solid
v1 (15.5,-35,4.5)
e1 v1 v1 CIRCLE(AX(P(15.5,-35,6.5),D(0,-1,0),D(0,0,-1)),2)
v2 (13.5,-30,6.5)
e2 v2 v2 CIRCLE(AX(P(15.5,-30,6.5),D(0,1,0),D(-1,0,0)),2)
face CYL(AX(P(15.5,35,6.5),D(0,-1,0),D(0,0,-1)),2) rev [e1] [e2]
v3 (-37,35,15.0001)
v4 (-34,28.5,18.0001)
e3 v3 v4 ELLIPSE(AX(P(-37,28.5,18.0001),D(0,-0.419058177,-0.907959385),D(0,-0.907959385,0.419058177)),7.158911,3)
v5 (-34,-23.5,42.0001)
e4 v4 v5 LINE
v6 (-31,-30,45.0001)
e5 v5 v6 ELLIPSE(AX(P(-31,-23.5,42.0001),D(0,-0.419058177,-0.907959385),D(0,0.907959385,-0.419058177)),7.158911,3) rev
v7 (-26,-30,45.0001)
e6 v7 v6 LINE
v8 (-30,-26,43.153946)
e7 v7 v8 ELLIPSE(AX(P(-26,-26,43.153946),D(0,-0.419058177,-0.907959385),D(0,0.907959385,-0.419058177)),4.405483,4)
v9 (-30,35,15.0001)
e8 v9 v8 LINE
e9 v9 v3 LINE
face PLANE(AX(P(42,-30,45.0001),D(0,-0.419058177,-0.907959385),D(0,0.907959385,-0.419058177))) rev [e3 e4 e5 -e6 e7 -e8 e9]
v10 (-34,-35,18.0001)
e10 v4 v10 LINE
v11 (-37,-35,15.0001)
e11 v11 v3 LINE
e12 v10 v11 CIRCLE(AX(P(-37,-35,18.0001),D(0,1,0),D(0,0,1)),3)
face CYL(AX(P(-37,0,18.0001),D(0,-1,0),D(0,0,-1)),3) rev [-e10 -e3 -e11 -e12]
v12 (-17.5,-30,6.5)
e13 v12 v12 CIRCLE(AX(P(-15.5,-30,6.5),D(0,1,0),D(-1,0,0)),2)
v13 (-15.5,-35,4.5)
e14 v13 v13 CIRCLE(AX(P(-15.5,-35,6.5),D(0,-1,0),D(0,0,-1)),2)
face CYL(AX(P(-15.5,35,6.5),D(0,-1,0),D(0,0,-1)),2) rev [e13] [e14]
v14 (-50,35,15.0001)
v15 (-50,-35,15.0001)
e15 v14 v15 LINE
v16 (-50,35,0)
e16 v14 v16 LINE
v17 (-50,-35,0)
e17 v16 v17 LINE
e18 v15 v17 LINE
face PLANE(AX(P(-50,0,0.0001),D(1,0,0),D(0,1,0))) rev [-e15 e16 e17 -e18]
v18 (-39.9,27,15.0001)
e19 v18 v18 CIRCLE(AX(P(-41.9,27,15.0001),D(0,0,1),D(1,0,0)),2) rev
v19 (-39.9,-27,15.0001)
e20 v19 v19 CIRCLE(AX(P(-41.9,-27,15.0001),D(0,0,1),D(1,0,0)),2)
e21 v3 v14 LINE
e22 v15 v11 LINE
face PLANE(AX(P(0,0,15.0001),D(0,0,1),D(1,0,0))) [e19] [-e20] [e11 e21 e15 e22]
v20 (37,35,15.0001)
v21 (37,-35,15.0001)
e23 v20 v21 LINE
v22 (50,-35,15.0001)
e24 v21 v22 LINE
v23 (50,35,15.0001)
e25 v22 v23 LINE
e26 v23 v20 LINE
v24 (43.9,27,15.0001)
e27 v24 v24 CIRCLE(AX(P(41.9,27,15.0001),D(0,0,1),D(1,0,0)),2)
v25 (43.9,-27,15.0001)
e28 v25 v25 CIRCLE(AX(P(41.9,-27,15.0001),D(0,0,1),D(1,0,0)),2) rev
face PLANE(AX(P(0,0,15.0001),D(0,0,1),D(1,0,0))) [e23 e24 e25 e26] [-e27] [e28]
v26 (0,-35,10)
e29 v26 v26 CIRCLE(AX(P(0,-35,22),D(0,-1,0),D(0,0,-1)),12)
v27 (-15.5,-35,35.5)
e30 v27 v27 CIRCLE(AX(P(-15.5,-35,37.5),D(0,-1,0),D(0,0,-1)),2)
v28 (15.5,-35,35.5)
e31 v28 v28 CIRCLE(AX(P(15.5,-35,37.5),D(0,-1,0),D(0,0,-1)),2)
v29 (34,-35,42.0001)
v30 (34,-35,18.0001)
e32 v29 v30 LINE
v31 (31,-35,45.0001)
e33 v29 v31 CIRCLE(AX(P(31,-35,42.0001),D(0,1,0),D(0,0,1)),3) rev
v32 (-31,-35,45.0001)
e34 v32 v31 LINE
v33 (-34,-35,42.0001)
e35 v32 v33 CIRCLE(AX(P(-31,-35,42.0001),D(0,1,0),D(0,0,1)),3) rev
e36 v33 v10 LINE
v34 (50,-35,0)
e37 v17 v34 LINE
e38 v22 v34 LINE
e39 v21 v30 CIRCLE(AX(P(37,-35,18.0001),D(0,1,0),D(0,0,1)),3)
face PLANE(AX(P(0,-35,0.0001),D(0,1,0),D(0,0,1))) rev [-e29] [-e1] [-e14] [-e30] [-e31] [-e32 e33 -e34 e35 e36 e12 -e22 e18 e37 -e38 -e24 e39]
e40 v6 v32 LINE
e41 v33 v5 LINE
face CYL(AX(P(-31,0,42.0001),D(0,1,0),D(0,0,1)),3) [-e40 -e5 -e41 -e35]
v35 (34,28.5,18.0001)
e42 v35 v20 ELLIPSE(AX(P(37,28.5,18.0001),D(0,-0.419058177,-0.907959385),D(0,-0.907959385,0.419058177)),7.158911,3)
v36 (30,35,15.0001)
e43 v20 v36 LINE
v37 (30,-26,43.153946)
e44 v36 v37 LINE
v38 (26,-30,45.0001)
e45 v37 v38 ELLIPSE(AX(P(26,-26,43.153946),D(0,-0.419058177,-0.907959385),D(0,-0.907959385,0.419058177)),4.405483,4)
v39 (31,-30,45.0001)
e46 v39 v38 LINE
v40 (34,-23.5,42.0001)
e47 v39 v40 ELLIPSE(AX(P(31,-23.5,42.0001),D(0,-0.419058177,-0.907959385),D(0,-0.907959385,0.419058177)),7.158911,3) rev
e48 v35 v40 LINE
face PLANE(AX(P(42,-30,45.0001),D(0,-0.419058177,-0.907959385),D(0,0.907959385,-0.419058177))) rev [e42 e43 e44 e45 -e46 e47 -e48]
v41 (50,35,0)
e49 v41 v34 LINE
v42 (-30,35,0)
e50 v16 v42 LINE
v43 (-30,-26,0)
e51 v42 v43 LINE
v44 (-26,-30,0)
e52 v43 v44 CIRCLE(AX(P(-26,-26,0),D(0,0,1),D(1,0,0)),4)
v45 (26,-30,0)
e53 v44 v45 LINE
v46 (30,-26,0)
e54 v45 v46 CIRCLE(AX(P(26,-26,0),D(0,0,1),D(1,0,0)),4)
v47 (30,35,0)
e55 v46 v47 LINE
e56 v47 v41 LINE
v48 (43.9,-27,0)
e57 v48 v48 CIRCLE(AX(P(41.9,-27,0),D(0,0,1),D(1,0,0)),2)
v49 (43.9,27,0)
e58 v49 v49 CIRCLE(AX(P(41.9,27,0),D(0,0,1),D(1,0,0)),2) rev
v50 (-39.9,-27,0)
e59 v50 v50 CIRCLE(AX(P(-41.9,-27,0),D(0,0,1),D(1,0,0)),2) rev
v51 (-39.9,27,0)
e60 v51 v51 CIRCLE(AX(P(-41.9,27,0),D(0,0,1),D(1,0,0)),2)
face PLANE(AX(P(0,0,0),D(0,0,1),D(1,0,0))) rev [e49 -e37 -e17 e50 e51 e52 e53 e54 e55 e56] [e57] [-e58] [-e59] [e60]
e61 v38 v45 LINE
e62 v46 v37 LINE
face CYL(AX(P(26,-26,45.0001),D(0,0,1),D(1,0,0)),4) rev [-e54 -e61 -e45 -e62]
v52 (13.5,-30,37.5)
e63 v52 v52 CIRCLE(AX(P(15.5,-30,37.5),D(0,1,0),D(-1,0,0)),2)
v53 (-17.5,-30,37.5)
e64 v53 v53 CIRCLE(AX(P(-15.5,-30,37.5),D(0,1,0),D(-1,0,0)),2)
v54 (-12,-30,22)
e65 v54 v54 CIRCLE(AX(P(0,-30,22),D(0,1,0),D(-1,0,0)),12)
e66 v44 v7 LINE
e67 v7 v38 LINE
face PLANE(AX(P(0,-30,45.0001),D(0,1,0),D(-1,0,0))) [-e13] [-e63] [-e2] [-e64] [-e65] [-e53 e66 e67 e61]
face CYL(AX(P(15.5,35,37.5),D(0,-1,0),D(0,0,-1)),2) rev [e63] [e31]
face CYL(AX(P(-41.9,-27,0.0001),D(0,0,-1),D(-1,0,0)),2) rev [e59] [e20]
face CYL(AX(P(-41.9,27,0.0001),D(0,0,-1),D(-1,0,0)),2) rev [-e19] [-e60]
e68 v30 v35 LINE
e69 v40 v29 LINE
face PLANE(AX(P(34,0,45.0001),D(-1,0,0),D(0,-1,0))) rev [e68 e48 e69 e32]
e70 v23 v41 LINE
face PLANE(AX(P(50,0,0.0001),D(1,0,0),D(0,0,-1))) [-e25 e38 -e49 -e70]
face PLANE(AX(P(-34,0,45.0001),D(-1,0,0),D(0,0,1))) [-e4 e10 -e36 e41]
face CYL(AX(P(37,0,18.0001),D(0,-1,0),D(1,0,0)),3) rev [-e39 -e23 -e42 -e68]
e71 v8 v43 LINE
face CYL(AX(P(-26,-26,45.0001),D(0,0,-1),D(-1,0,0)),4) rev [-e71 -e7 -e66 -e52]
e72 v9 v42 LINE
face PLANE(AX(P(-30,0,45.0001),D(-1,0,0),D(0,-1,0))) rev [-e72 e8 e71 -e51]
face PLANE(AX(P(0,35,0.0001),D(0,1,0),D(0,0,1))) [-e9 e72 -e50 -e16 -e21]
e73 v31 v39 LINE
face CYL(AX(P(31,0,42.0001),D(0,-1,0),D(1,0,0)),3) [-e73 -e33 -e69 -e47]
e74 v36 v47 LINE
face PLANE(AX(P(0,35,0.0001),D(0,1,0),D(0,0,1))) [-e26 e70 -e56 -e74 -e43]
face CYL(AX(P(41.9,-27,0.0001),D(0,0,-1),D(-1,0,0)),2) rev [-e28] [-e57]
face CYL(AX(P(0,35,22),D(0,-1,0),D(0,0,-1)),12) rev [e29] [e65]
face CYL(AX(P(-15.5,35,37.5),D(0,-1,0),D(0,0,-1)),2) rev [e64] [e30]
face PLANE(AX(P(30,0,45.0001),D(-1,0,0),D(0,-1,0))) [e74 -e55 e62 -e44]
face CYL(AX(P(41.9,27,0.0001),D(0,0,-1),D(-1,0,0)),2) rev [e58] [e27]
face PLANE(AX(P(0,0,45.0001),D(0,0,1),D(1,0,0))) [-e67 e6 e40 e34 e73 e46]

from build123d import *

# Parameters (mm, degrees)
SKETCH_5_W          = 100
SKETCH_5_H          = 70
SKETCH_5_R          = 2
EXTRUDE_10_DEPTH    = 0.0001
SKETCH_6_W          = 60
SKETCH_6_H          = 5
EXTRUDE_11_DEPTH    = 45
SKETCH_7_W          = 4
SKETCH_7_H          = 70
EXTRUDE_12_DEPTH    = 45
CUT_EXTRUDE_1_DEPTH = 76
SKETCH_16_W         = 16
SKETCH_16_H         = 70
EXTRUDE_16_DEPTH    = 15
SKETCH_5_3_R        = 2
CUT_EXTRUDE_2_DEPTH = 49
SKETCH_17_R         = 2
SKETCH_17_R_2       = 12
CUT_EXTRUDE_5_DEPTH = 98.082485547
FILLET_1_R          = 3
SKETCH_18_W         = 60
SKETCH_18_H         = 65
CUT_EXTRUDE_6_DEPTH = 76.828754441
FILLET_2_R          = 4


with BuildPart() as part:
    # 草图5 → 凸台-拉伸10 (new body)
    with BuildSketch(Plane.XY):
        Rectangle(SKETCH_5_W, SKETCH_5_H)
        with Locations((-41.9, 27)):
            Circle(SKETCH_5_R, mode=Mode.SUBTRACT)
        with Locations((-41.9, -27)):
            Circle(SKETCH_5_R, mode=Mode.SUBTRACT)
        with Locations((41.9, -27)):
            Circle(SKETCH_5_R, mode=Mode.SUBTRACT)
        with Locations((41.9, 27)):
            Circle(SKETCH_5_R, mode=Mode.SUBTRACT)
    extrude(amount=EXTRUDE_10_DEPTH)

    # 草图6 → 凸台-拉伸11 (add)
    with BuildSketch(Plane.XY.offset(0.0001)):
        with Locations((0, -32.5)):
            Rectangle(SKETCH_6_W, SKETCH_6_H)
    extrude(amount=EXTRUDE_11_DEPTH)

    # 草图7 → 凸台-拉伸12 (add)
    with BuildSketch(Plane.XY.offset(0.0001)):
        with Locations((-32, 0)):
            Rectangle(SKETCH_7_W, SKETCH_7_H)
        with Locations((32, 0)):
            Rectangle(SKETCH_7_W, SKETCH_7_H)
    extrude(amount=EXTRUDE_12_DEPTH)

    # 草图8 → 切除-拉伸1 (cut)
    with BuildSketch(Plane.ZY.offset(34)):
        Polygon((45.0001, -30), (15.0001, 35), (45.0001, 35), align=None)
    extrude(amount=-CUT_EXTRUDE_1_DEPTH, mode=Mode.SUBTRACT)

    # 草图16 → 凸台-拉伸16 (add)
    with BuildSketch(Plane.XY.offset(0.0001)):
        with Locations((42, 0)):
            Rectangle(SKETCH_16_W, SKETCH_16_H)
        with Locations((-42, 0)):
            Rectangle(SKETCH_16_W, SKETCH_16_H)
    extrude(amount=EXTRUDE_16_DEPTH)

    # 草图5<3> → 切除-拉伸2 (cut)
    with BuildSketch(Plane.XY):
        with Locations((-41.9, 27)):
            Circle(SKETCH_5_3_R)
        with Locations((-41.9, -27)):
            Circle(SKETCH_5_3_R)
        with Locations((41.9, 27)):
            Circle(SKETCH_5_3_R)
        with Locations((41.9, -27)):
            Circle(SKETCH_5_3_R)
    extrude(amount=CUT_EXTRUDE_2_DEPTH, mode=Mode.SUBTRACT)

    # 草图17 → 切除-拉伸5 (cut, through all)
    with BuildSketch(Plane.XZ.offset(35)):
        with Locations((-15.5, 37.5)):
            Circle(SKETCH_17_R)
        with Locations((0, 22)):
            Circle(SKETCH_17_R_2)
        with Locations((15.5, 37.5)):
            Circle(SKETCH_17_R)
        with Locations((-15.5, 6.5)):
            Circle(SKETCH_17_R)
        with Locations((15.5, 6.5)):
            Circle(SKETCH_17_R)
    extrude(amount=-CUT_EXTRUDE_5_DEPTH, mode=Mode.SUBTRACT)

    # 圆角1
    fillet_1_edges = [part.edges().sort_by_distance(p)[0] for p in [
        (34, 0, 15.0001),
        (-34, 0, 15.0001),
        (-34, -32.5, 45.0001),
        (34, -32.5, 45.0001),
    ]]
    fillet(fillet_1_edges, radius=FILLET_1_R)

    # 草图18 → 切除-拉伸6 (cut, through all)
    with BuildSketch(Plane.XY.offset(0.0001)):
        with Locations((0, 2.5)):
            Rectangle(SKETCH_18_W, SKETCH_18_H)
    extrude(amount=-CUT_EXTRUDE_6_DEPTH, mode=Mode.SUBTRACT)

    # 圆角2
    fillet_2_edges = [part.edges().sort_by_distance(p)[0] for p in [
        (-30, -30, 22.50005),
        (30, -30, 22.50005),
    ]]
    fillet(fillet_2_edges, radius=FILLET_2_R)


solid = part.part
